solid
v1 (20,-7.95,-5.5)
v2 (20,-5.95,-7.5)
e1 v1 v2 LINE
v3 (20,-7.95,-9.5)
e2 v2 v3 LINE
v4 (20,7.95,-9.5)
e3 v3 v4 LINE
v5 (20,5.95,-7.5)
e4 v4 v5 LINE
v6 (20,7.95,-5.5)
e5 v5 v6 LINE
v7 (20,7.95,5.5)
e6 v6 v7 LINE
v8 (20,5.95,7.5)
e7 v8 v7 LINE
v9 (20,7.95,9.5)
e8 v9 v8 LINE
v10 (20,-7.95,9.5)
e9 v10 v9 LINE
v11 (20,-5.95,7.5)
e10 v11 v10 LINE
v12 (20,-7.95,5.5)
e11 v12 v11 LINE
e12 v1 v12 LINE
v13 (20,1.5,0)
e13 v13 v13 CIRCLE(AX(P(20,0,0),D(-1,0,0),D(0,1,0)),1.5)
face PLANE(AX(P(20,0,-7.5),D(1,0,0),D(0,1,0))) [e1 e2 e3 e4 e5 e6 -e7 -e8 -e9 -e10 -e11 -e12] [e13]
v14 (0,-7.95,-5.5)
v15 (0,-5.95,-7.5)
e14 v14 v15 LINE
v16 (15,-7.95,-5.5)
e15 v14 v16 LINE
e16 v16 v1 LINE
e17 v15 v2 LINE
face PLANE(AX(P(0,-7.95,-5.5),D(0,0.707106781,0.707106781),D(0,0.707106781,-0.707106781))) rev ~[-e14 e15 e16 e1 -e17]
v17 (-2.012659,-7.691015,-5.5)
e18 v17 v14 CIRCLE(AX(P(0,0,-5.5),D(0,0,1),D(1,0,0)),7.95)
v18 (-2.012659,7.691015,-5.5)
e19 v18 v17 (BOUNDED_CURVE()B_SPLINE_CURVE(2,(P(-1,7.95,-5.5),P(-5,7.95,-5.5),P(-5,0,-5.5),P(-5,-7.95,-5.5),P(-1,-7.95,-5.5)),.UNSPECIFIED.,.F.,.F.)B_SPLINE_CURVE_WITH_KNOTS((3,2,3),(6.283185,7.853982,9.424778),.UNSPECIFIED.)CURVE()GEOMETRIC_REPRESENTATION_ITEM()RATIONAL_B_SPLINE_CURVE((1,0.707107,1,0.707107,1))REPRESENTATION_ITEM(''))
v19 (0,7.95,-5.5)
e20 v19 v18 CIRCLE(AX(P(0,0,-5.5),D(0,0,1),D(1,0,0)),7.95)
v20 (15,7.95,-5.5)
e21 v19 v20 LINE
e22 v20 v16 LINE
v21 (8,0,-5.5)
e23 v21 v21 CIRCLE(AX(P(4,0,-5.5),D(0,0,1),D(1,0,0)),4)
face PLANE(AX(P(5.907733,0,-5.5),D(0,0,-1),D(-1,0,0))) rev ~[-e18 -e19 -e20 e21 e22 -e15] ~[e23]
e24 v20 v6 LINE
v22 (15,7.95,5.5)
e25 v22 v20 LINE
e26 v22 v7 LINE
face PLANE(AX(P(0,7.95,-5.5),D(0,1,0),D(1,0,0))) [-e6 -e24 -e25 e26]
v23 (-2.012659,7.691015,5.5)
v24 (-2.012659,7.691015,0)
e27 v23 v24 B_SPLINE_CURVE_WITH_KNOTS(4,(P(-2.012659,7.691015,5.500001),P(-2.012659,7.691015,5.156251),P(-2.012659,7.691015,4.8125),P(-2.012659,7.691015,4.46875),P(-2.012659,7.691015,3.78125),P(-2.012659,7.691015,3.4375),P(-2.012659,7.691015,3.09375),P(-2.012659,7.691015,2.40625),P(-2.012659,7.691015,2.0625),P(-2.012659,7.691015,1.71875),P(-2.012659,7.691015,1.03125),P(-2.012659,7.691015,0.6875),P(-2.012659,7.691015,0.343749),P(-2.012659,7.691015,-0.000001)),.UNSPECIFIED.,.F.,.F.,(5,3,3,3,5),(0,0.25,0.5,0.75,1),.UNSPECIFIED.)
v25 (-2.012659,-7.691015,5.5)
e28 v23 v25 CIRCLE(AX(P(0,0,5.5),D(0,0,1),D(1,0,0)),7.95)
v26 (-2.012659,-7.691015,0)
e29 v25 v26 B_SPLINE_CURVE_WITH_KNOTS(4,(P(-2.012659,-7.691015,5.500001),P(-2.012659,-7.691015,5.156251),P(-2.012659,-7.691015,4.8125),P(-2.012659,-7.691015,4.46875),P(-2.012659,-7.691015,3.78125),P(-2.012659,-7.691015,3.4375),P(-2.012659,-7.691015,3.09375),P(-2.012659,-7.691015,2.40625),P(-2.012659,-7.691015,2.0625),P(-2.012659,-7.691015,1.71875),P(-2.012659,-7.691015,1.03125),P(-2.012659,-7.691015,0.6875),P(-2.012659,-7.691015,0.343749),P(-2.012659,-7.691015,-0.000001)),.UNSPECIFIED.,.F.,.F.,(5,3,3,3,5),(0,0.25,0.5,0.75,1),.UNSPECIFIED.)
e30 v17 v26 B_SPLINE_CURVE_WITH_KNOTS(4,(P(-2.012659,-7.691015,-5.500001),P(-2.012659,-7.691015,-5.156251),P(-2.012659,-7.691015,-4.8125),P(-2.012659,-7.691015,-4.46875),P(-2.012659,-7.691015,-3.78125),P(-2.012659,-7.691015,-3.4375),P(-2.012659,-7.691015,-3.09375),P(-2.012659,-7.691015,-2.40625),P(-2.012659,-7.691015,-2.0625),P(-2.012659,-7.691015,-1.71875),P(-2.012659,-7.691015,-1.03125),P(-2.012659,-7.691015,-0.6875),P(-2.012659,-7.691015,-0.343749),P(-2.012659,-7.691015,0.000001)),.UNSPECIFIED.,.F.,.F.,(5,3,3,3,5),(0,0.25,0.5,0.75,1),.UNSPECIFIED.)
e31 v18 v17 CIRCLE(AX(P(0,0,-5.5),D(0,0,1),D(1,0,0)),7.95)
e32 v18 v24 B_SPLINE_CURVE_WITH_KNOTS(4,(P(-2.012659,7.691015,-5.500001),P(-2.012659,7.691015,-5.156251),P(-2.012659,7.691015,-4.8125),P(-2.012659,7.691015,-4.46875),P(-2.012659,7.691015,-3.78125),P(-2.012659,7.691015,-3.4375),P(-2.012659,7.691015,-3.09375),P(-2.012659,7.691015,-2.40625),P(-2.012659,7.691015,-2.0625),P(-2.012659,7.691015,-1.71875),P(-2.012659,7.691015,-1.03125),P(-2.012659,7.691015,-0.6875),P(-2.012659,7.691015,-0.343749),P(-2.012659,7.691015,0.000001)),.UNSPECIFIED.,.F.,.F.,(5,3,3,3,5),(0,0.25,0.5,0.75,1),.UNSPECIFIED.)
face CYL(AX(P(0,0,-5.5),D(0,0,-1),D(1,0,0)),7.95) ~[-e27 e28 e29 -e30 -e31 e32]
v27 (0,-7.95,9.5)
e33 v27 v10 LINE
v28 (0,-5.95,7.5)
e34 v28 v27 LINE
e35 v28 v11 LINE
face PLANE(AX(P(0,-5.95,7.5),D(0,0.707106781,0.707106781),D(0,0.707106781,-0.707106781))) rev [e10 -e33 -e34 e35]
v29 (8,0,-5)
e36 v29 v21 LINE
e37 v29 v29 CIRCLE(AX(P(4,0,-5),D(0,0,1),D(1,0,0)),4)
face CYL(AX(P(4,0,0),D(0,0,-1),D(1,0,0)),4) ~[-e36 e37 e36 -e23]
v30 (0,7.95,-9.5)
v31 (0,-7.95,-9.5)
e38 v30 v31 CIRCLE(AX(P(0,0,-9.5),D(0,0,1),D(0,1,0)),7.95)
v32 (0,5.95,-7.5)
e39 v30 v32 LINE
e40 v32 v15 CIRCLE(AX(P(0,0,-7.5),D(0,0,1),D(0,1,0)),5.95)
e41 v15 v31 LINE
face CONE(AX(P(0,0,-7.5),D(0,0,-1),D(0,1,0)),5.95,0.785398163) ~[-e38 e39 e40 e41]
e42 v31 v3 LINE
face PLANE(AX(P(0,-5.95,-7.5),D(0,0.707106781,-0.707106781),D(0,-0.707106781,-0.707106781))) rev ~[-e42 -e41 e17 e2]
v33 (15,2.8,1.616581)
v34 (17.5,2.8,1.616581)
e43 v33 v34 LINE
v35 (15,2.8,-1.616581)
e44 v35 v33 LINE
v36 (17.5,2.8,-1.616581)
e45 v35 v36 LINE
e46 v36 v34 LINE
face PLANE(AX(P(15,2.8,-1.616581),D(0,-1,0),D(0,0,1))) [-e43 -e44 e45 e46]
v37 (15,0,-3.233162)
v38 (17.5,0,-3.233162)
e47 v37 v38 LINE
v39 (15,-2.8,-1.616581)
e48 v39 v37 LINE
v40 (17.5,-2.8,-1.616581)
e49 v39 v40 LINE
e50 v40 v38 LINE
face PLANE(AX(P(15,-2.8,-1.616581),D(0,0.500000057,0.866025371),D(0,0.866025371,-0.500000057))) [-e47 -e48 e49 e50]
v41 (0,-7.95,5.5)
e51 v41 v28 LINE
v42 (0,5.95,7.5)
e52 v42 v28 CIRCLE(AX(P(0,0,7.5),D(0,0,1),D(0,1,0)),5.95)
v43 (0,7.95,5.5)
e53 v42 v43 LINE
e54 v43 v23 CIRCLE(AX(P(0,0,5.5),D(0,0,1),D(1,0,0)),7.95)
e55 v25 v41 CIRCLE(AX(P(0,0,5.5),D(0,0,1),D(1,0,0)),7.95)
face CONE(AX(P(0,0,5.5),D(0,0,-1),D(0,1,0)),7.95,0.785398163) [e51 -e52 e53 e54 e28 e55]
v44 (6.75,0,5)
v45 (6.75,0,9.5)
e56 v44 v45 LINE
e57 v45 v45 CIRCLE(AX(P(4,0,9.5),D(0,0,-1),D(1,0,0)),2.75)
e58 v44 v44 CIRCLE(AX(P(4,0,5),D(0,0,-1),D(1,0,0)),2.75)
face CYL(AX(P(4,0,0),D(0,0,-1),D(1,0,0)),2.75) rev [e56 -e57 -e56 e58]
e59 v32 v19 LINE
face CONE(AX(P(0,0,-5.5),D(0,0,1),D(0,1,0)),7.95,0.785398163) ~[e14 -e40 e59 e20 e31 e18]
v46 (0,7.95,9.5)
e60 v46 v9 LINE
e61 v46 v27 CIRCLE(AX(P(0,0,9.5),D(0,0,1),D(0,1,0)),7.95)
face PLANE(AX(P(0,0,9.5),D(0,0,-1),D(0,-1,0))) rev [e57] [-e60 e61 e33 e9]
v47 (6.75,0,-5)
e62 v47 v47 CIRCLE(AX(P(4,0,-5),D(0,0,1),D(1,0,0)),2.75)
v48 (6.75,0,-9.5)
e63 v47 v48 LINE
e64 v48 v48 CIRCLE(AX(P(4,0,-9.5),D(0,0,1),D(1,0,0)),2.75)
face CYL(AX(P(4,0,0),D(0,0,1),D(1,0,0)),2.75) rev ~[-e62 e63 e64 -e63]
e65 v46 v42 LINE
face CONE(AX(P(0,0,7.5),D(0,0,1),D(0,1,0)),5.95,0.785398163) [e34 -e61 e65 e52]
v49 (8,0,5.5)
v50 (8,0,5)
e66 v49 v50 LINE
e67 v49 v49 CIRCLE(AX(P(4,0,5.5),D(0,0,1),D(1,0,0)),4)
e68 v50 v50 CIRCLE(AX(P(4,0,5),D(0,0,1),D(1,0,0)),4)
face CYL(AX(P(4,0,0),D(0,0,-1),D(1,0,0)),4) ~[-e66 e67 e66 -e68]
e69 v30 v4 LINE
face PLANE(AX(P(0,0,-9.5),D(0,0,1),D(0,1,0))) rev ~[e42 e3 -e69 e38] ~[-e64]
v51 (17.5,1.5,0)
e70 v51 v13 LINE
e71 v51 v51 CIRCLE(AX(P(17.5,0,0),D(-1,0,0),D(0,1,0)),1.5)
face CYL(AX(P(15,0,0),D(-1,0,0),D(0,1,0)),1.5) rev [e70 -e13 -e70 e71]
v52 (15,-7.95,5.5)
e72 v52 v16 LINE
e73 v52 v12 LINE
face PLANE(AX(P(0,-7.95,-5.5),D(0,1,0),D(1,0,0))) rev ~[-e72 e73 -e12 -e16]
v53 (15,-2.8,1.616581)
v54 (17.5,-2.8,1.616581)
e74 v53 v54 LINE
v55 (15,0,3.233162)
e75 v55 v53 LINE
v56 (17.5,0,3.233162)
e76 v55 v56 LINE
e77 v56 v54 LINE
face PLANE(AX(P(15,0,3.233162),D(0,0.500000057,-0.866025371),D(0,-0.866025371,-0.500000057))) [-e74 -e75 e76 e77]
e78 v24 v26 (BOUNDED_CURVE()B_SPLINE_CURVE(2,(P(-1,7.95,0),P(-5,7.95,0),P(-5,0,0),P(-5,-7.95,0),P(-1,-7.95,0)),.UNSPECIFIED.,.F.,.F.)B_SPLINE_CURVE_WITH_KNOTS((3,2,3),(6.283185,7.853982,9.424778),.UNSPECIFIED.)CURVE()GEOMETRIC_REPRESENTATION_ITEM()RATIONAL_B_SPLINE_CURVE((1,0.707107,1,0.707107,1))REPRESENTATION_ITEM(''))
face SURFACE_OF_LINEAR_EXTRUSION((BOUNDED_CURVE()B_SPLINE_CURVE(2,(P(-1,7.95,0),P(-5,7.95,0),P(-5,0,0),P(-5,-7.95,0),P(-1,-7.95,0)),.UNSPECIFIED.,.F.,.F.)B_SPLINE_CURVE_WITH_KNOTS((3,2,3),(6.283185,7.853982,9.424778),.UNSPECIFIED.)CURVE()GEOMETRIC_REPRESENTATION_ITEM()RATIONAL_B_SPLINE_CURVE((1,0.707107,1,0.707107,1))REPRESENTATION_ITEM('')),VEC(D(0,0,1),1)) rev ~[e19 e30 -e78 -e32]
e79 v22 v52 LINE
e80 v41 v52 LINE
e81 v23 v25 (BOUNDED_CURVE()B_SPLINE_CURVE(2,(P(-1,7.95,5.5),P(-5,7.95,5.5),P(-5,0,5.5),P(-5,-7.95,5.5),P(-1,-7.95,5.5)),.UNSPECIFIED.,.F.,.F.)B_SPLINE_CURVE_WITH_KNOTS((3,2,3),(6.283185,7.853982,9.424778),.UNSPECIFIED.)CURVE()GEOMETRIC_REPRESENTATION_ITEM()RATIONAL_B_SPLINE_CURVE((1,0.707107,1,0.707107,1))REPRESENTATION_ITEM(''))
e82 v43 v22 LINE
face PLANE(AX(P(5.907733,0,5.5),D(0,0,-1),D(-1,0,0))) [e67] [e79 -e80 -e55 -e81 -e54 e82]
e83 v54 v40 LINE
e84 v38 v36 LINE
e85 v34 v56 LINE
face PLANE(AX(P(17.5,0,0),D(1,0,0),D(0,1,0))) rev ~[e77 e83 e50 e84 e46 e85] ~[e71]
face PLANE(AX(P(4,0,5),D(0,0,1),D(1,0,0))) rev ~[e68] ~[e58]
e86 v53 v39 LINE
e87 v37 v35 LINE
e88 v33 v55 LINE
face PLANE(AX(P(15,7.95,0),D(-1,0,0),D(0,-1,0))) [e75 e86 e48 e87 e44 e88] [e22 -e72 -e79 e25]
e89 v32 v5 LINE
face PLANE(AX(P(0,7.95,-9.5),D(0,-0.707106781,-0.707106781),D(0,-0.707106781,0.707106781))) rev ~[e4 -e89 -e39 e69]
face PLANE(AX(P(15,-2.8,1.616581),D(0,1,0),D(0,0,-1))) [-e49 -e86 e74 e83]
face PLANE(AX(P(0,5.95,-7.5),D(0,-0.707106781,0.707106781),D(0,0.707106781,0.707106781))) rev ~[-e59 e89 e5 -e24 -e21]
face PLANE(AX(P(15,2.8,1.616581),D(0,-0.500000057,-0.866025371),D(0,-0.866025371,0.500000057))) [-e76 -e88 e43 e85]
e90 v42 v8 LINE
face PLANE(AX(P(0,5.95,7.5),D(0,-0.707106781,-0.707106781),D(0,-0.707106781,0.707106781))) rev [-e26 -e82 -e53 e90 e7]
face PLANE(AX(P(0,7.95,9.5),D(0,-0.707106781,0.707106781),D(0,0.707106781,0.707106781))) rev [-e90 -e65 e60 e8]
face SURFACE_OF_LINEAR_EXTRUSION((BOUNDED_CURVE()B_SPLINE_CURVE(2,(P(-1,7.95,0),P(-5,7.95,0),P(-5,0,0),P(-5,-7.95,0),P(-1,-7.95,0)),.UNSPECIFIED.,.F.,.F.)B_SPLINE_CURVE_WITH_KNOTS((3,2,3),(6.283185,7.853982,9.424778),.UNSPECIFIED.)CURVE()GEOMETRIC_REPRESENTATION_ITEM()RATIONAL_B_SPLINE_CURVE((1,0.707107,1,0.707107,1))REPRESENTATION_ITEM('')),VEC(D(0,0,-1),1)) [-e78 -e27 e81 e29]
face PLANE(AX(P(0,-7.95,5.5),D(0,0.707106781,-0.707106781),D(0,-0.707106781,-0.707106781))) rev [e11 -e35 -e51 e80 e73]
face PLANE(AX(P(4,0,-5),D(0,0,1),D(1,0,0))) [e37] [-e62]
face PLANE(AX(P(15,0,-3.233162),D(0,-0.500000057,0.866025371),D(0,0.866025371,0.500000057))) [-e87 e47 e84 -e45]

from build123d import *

# Parameters (mm, degrees)
CYLINDER_R           = 7.95
CYLINDER_DEPTH       = 11
PAD_DEPTH            = 20
BOX_W                = 20
BOX_H                = 15.9
BOX_DEPTH            = 11
SKETCH004_R          = 4
POCKET_DEPTH         = 5.5
SKETCH005_R          = 4
POCKET001_DEPTH      = 5
SKETCH006_R          = 2.75
POCKET002_DEPTH      = 9.501
POCKET002_DEPTH_BACK = 9.501
POCKET003_DEPTH      = 2.5
SKETCH008_R          = 1.5
POCKET004_DEPTH      = 5.001


with BuildPart() as structuralcilinder:
    # Cylinder → Cylinder (new body)
    with BuildSketch(Plane.XY.offset(-5.5)):
        Circle(CYLINDER_R)
    extrude(amount=CYLINDER_DEPTH)


with BuildPart() as idlerbody:
    # Sketch → Pad (new body)
    with BuildSketch(Plane.YZ):
        Polygon((0, 2), (-7.95, 2), (-5.95, 0), (-7.95, -2), (0, -2), (7.95, -2), (5.95, 0), (7.95, 2), align=None)
    extrude(amount=PAD_DEPTH)

    # Sketch002 (on DatumPlane) → AdditiveLoft section 0
    with BuildSketch(Plane.XY.offset(2)):
        with BuildLine():
            ThreePointArc((0, 7.95), (-7.95, 0), (0, -7.95))
            Line((0, 7.95), (0, -7.95))
        make_face()
    # Sketch001 → AdditiveLoft section 1
    with BuildSketch(Plane.XY):
        with BuildLine():
            ThreePointArc((0, 5.95), (-5.95, 0), (0, -5.95))
            Line((0, 5.95), (0, -5.95))
        make_face()
    # Sketch003 (on DatumPlane) → AdditiveLoft section 2
    with BuildSketch(Plane.XY.offset(-2)):
        with BuildLine():
            ThreePointArc((0, 7.95), (-7.95, 0), (0, -7.95))
            Line((0, 7.95), (0, -7.95))
        make_face()
    loft(ruled=True)


with BuildPart() as idlerbody_1:
    # Body placement: moved
    add(idlerbody.part.moved(Location((0, 0, -7.5))))


with BuildPart() as idlerbody_mirror:
    # Part__Mirroring: instance of IdlerBody
    add(idlerbody_1.part.mirror(Plane(origin=(0, 0, 0), x_dir=(0, 1, 0), z_dir=(0, 0, 1))))


with BuildPart() as finalcutsbody:
    # Box → Box (new body)
    with BuildSketch(Plane(origin=(0, -7.95, -5.5), x_dir=(1, 0, 0), z_dir=(0, 0, 1))):
        with Locations((10, 7.95)):
            Rectangle(BOX_W, BOX_H)
    extrude(amount=BOX_DEPTH)

    # Fusion: union StructuralCilinder, IdlerBody_Mirror, IdlerBody
    add(structuralcilinder.part)
    add(idlerbody_mirror.part)
    add(idlerbody_1.part)

    # Sketch004 → Pocket (cut, symmetric)
    with BuildSketch(Plane.XY):
        with BuildLine():
            Line((-1, 7.95), (0, 7.95))
            Line((0, 7.95), (15, 7.95))
            Line((15, 7.95), (15, -7.95))
            Line((15, -7.95), (0, -7.95))
            Line((0, -7.95), (-1, -7.95))
            add(Edge.make_bspline(
                [(-1, 7.95), (-5, 7.95), (-5, 0), (-5, -7.95), (-1, -7.95)],
                knots=[6.283185, 6.283185, 6.283185, 7.853982, 7.853982, 9.424778, 9.424778, 9.424778], degree=2, weights=[1, 0.707107, 1, 0.707107, 1]))
        make_face()
        with Locations((4, 0)):
            Circle(SKETCH004_R, mode=Mode.SUBTRACT)
    extrude(amount=POCKET_DEPTH, both=True, mode=Mode.SUBTRACT)

    # Sketch005 → Pocket001 (cut, symmetric)
    with BuildSketch(Plane.XY):
        with Locations((4, 0)):
            Circle(SKETCH005_R)
    extrude(amount=POCKET001_DEPTH, both=True, mode=Mode.SUBTRACT)

    # Sketch006 → Pocket002 (cut, two sides)
    with BuildSketch(Plane.XY) as pocket002_sk:
        with Locations((4, 0)):
            Circle(SKETCH006_R)
    extrude(amount=-POCKET002_DEPTH, mode=Mode.SUBTRACT)
    extrude(pocket002_sk.sketch, amount=POCKET002_DEPTH_BACK, mode=Mode.SUBTRACT)

    # Sketch007 (on DatumPlane) → Pocket003 (cut)
    with BuildSketch(Plane.YZ.offset(15)):
        Polygon((2.8, -1.616581), (2.8, 1.616581), (0, 3.233162), (-2.8, 1.616581), (-2.8, -1.616581), (0, -3.233162), align=None)
    extrude(amount=POCKET003_DEPTH, mode=Mode.SUBTRACT)

    # Sketch008 (on DatumPlane) → Pocket004 (cut, through all)
    with BuildSketch(Plane.YZ.offset(15)):
        Circle(SKETCH008_R)
    extrude(amount=POCKET004_DEPTH, mode=Mode.SUBTRACT)


solid = finalcutsbody.part
